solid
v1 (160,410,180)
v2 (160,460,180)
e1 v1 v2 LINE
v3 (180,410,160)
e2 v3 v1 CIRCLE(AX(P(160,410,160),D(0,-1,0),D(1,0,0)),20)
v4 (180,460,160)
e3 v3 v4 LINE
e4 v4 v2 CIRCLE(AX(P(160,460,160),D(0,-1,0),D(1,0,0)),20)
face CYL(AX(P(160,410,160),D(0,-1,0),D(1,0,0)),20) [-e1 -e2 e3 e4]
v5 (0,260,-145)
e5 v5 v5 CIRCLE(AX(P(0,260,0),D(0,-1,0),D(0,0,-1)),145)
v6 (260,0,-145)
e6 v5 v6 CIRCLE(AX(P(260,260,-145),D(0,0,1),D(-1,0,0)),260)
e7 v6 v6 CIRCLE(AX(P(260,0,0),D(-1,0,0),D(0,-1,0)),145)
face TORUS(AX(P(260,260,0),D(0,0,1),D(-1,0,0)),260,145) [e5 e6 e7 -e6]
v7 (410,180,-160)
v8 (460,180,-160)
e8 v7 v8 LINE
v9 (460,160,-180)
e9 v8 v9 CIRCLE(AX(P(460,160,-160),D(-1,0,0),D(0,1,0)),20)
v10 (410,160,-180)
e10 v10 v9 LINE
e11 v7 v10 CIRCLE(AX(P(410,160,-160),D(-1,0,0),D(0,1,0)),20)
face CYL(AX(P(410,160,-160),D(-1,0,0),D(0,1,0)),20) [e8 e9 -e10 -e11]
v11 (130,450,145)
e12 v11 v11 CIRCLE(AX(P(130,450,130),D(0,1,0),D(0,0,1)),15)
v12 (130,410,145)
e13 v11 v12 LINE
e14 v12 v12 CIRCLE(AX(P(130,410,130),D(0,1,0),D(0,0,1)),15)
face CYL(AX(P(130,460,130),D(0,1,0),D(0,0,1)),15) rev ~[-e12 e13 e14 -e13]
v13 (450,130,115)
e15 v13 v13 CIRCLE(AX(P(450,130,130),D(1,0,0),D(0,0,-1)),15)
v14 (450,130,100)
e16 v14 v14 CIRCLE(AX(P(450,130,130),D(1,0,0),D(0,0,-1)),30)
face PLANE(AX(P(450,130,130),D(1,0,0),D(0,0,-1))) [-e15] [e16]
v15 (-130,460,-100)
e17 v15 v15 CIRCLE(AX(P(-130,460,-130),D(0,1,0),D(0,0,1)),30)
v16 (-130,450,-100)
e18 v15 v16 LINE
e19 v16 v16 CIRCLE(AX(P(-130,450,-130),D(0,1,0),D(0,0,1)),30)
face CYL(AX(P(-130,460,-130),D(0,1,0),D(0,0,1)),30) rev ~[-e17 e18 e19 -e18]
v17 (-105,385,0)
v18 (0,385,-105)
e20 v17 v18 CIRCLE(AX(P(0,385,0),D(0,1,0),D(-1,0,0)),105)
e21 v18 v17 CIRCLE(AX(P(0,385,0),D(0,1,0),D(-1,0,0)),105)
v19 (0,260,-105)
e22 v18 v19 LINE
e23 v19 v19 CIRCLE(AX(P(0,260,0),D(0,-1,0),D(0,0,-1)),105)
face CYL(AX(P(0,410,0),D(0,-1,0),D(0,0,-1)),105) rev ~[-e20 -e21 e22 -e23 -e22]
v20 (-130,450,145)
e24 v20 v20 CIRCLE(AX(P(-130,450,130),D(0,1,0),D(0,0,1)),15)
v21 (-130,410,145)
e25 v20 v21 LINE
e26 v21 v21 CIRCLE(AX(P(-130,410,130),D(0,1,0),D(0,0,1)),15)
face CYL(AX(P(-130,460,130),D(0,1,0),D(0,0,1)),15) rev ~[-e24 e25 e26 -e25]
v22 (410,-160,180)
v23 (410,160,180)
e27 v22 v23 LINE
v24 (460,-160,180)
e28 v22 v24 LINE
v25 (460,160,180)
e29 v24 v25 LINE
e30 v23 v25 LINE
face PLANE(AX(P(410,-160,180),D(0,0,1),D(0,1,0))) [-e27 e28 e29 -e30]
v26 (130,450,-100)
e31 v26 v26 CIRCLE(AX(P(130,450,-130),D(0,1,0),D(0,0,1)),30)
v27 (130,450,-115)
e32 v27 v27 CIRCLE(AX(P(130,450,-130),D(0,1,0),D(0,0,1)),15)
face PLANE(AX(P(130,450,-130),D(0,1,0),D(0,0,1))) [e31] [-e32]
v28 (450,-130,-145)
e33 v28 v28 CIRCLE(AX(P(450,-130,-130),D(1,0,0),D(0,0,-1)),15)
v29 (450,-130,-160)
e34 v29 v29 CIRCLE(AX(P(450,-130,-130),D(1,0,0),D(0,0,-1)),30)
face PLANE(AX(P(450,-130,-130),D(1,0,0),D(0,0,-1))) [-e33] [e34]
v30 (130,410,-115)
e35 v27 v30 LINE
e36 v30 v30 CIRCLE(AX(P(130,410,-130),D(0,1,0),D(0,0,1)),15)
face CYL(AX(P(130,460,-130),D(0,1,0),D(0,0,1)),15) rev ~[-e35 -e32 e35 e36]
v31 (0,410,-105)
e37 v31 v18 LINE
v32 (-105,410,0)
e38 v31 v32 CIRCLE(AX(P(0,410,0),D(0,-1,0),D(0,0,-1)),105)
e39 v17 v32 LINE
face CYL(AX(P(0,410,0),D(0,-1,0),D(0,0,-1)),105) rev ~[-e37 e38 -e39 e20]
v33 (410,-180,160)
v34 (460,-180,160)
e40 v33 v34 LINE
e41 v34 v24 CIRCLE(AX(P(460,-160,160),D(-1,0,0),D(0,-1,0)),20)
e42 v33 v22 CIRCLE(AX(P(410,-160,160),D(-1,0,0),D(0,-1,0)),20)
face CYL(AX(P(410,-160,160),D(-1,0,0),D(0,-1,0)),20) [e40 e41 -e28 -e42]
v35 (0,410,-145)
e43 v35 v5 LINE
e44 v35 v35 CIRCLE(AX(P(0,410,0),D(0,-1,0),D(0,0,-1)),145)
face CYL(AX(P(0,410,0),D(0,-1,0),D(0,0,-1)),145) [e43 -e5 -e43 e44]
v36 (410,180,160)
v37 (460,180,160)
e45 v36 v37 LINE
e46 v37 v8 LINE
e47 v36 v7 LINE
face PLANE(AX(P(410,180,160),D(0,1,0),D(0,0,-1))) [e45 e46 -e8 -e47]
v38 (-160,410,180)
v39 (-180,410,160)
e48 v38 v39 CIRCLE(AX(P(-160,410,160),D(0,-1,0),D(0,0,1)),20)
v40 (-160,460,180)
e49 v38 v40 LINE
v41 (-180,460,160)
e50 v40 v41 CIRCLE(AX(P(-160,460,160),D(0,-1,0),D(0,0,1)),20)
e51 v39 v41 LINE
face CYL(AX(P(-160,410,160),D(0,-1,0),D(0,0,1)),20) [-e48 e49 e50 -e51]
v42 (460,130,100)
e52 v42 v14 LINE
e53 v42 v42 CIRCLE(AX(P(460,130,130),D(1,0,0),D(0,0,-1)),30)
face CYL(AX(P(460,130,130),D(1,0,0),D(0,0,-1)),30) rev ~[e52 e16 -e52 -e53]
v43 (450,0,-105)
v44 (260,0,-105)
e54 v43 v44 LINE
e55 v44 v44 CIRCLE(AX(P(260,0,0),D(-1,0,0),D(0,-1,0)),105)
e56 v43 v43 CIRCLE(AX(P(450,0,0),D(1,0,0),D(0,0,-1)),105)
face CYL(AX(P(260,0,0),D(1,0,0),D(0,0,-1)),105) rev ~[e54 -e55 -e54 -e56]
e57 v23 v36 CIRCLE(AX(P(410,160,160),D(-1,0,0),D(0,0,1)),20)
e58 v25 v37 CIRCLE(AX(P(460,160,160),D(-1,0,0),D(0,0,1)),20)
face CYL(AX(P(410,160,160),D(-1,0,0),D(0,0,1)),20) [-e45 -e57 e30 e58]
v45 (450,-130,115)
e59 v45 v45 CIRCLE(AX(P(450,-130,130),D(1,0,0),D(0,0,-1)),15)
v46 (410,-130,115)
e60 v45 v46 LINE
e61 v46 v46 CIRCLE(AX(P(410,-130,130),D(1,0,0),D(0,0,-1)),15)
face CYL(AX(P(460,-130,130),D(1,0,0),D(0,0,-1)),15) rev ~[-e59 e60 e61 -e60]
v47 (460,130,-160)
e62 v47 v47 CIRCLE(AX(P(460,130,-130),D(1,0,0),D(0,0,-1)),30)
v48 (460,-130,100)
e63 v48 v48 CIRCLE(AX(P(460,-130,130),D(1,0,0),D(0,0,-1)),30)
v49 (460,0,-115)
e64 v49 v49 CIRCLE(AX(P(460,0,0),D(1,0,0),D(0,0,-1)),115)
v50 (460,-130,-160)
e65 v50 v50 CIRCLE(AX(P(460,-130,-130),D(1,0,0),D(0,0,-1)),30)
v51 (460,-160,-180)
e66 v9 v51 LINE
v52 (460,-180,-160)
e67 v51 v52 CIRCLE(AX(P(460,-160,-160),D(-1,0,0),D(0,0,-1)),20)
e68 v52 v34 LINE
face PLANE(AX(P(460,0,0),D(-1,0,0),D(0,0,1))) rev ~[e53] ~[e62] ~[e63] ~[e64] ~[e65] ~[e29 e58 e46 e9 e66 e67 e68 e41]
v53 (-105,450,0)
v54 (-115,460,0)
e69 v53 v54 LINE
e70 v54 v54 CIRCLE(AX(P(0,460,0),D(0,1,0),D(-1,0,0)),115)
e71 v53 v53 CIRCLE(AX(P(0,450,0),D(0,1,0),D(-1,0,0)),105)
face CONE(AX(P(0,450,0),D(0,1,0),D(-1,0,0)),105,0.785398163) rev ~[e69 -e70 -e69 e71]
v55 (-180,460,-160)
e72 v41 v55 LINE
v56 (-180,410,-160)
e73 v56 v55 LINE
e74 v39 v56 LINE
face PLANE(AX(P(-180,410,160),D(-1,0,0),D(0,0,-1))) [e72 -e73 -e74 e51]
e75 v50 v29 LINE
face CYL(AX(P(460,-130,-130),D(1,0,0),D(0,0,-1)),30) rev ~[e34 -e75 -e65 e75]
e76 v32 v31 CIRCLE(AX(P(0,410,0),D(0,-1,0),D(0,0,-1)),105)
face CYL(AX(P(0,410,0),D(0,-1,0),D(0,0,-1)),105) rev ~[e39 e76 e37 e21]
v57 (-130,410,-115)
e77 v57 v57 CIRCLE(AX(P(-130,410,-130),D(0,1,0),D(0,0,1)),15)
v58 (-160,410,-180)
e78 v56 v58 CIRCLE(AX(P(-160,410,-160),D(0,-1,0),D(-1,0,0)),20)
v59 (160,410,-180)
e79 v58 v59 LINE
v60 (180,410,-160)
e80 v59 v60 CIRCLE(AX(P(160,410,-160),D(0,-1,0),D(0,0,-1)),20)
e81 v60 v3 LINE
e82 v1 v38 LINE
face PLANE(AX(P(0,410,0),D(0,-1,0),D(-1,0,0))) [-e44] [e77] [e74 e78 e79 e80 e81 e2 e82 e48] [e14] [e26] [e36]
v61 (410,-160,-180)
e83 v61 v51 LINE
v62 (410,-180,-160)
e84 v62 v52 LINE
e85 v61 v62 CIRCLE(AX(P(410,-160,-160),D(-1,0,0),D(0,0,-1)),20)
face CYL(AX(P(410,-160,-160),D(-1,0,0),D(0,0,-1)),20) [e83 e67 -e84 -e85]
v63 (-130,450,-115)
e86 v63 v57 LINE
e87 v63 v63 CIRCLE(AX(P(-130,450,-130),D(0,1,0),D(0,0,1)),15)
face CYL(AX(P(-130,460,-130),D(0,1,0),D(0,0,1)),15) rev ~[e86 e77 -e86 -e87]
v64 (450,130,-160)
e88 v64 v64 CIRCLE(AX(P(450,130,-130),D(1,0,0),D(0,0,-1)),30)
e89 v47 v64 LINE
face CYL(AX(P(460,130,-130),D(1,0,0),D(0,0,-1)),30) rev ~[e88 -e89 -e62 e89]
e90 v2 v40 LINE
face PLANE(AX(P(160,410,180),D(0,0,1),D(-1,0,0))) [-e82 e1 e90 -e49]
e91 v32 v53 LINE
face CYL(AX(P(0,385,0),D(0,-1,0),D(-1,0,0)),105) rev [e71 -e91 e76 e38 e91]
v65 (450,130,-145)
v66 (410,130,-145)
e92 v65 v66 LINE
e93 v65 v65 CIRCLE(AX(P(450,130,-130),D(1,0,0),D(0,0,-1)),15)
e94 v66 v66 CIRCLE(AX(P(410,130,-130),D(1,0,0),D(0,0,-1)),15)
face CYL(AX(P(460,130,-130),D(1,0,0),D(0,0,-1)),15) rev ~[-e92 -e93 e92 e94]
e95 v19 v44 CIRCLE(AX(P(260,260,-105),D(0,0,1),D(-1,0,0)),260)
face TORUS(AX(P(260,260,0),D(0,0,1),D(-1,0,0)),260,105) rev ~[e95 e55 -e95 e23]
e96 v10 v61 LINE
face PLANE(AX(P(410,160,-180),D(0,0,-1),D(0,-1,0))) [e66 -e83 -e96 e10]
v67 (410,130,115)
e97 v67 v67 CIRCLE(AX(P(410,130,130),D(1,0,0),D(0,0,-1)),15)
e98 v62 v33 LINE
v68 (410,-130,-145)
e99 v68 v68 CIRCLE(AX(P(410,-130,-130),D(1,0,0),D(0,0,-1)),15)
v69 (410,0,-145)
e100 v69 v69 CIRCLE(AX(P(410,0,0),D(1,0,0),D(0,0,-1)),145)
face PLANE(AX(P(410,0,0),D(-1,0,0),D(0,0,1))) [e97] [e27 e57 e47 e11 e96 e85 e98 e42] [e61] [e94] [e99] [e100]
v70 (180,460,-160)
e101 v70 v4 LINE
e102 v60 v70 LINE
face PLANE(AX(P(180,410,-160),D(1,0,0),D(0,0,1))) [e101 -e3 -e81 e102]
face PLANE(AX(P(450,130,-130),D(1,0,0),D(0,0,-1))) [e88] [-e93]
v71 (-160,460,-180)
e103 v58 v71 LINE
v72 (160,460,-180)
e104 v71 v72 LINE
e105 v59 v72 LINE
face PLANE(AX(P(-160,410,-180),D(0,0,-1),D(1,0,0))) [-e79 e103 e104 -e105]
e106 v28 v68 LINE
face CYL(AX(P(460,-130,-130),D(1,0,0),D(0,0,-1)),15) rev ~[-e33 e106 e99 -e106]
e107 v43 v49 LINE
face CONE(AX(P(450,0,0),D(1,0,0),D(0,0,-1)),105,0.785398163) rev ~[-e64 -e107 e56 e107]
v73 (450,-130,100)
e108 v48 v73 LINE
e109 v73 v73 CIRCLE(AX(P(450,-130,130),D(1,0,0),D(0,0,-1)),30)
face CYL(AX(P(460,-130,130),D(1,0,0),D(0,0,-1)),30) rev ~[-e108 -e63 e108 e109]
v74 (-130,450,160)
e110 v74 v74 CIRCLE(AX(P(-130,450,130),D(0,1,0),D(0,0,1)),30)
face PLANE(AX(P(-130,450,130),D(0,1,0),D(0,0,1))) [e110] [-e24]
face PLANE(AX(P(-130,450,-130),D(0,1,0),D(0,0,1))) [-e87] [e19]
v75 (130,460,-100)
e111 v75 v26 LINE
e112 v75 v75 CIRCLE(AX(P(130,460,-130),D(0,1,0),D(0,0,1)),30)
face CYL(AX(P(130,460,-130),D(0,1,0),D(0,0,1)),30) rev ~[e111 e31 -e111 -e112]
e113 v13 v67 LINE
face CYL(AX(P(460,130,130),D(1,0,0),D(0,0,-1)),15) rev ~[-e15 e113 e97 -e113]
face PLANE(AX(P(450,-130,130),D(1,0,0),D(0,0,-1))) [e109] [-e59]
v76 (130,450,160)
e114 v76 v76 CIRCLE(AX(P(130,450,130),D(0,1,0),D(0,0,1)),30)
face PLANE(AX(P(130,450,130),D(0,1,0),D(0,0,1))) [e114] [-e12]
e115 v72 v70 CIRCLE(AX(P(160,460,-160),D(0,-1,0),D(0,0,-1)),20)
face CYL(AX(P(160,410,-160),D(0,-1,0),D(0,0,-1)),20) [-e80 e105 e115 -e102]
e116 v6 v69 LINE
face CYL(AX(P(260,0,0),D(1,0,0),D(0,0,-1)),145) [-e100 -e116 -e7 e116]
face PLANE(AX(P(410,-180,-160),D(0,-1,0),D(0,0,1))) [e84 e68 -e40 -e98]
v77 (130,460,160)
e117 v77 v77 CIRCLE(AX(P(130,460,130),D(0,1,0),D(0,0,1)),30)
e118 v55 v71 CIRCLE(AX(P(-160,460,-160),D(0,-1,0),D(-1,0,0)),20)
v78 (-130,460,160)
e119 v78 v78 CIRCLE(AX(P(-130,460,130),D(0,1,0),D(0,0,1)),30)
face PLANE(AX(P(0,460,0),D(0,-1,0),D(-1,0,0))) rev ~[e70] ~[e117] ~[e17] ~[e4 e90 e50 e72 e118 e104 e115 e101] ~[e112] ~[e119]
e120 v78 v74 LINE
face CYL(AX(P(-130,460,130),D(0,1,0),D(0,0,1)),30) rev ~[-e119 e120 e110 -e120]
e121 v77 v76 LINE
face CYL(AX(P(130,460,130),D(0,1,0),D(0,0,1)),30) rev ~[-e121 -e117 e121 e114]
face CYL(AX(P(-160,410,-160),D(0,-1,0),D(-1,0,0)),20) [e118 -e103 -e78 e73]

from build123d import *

# Parameters (mm, degrees)
SWEEP_THIN1_PROFILE_R   = 145
SWEEP_THIN1_PROFILE_R_2 = 105
BOSS_EXTRUDE2_DEPTH     = 50
SKETCH26_R              = 30
SKETCH26_R_2            = 15
CUT_EXTRUDE2_DEPTH      = 10
SKETCH26_3_R            = 15
CUT_EXTRUDE3_DEPTH      = 50
BOSS_EXTRUDE3_DEPTH     = 50
SKETCH28_R              = 30
SKETCH28_R_2            = 15
CUT_EXTRUDE4_DEPTH      = 10
SKETCH28_3_R            = 15
CUT_EXTRUDE5_DEPTH      = 50
CHAMFER1_SIZE           = 10
SKETCH29_R              = 105
CUT_EXTRUDE7_DEPTH      = 75
CUT_EXTRUDE8_START      = -75
SKETCH30_R              = 105
CUT_EXTRUDE8_DEPTH      = 75
CHAMFER2_SIZE           = 10
CHAMFER3_SIZE           = 10


with BuildPart() as part:
    # Sweep-Thin1: sweep along a path in Sketch1
    with BuildLine(Plane.XY) as sweep_thin1_path:
        Line((0, 410), (0, 260))
        ThreePointArc((0, 260), (76.152236891, 76.152236891), (260, 0))
        Line((260, 0), (410, 0))
    # Sweep-Thin1 profile (on start of the path) → Sweep-Thin1 (sweep)
    with BuildSketch(Plane(origin=(0, 410, 0), x_dir=(0, 0, -1), z_dir=(0, -1, 0))):
        Circle(SWEEP_THIN1_PROFILE_R)
        Circle(SWEEP_THIN1_PROFILE_R_2, mode=Mode.SUBTRACT)
    sweep(path=sweep_thin1_path.line)

    # Sketch24 → Boss-Extrude2 (add)
    with BuildSketch(Plane(origin=(410, 0, 0), x_dir=(0, 0, -1), z_dir=(1, 0, 0))):
        with BuildLine():
            Line((-160, 180), (160, 180))
            ThreePointArc((160, 180), (174.142135624, 174.142135624), (180, 160))
            Line((180, 160), (180, -160))
            ThreePointArc((180, -160), (174.142135624, -174.142135624), (160, -180))
            Line((160, -180), (-160, -180))
            ThreePointArc((-160, -180), (-174.142135624, -174.142135624), (-180, -160))
            Line((-180, -160), (-180, 160))
            ThreePointArc((-180, 160), (-174.142135624, 174.142135624), (-160, 180))
        make_face()
    extrude(amount=BOSS_EXTRUDE2_DEPTH)

    # Sketch26 → Cut-Extrude2 (cut)
    # profile 1 of 4: a face of its own
    with BuildSketch(Plane(origin=(460, 0, 0), x_dir=(0, 0, -1), z_dir=(1, 0, 0))):
        with Locations((-130, 130)):
            Circle(SKETCH26_R)
        with Locations((-130, 130)):
            Circle(SKETCH26_R_2, mode=Mode.SUBTRACT)
    # profile 2 of 4: a face of its own
    with BuildSketch(Plane(origin=(460, 0, 0), x_dir=(0, 0, -1), z_dir=(1, 0, 0))):
        with Locations((-130, -130)):
            Circle(SKETCH26_R)
        with Locations((-130, -130)):
            Circle(SKETCH26_R_2, mode=Mode.SUBTRACT)
    # profile 3 of 4: a face of its own
    with BuildSketch(Plane(origin=(460, 0, 0), x_dir=(0, 0, -1), z_dir=(1, 0, 0))):
        with Locations((130, 130)):
            Circle(SKETCH26_R)
        with Locations((130, 130)):
            Circle(SKETCH26_R_2, mode=Mode.SUBTRACT)
    # profile 4 of 4: a face of its own
    with BuildSketch(Plane(origin=(460, 0, 0), x_dir=(0, 0, -1), z_dir=(1, 0, 0))):
        with Locations((130, -130)):
            Circle(SKETCH26_R)
        with Locations((130, -130)):
            Circle(SKETCH26_R_2, mode=Mode.SUBTRACT)
    extrude(amount=-CUT_EXTRUDE2_DEPTH, mode=Mode.SUBTRACT)

    # Sketch26<3> → Cut-Extrude3 (cut)
    with BuildSketch(Plane(origin=(460, 0, 0), x_dir=(0, 0, -1), z_dir=(1, 0, 0))):
        with Locations((-130, 130)):
            Circle(SKETCH26_3_R)
        with Locations((-130, -130)):
            Circle(SKETCH26_3_R)
        with Locations((130, -130)):
            Circle(SKETCH26_3_R)
        with Locations((130, 130)):
            Circle(SKETCH26_3_R)
    extrude(amount=-CUT_EXTRUDE3_DEPTH, mode=Mode.SUBTRACT)

    # Sketch27 → Boss-Extrude3 (add)
    with BuildSketch(Plane(origin=(0, 410, 0), x_dir=(1, 0, 0), z_dir=(0, 1, 0))):
        with BuildLine():
            Line((-160, 180), (160, 180))
            ThreePointArc((160, 180), (174.142135624, 174.142135624), (180, 160))
            Line((180, 160), (180, -160))
            ThreePointArc((180, -160), (174.142135624, -174.142135624), (160, -180))
            Line((160, -180), (-160, -180))
            ThreePointArc((-160, -180), (-174.142135624, -174.142135624), (-180, -160))
            Line((-180, -160), (-180, 160))
            ThreePointArc((-180, 160), (-174.142135624, 174.142135624), (-160, 180))
        make_face()
    extrude(amount=BOSS_EXTRUDE3_DEPTH)

    # Sketch28 → Cut-Extrude4 (cut)
    # profile 1 of 4: a face of its own
    with BuildSketch(Plane(origin=(0, 460, 0), x_dir=(1, 0, 0), z_dir=(0, 1, 0))):
        with Locations(Location((-130, 130, 0), (0, 0, 270))):
            Circle(SKETCH28_R)
        with Locations(Location((-130, 130, 0), (0, 0, 270))):
            Circle(SKETCH28_R_2, mode=Mode.SUBTRACT)
    # profile 2 of 4: a face of its own
    with BuildSketch(Plane(origin=(0, 460, 0), x_dir=(1, 0, 0), z_dir=(0, 1, 0))):
        with Locations(Location((-130, -130, 0), (0, 0, 270))):
            Circle(SKETCH28_R)
        with Locations(Location((-130, -130, 0), (0, 0, 270))):
            Circle(SKETCH28_R_2, mode=Mode.SUBTRACT)
    # profile 3 of 4: a face of its own
    with BuildSketch(Plane(origin=(0, 460, 0), x_dir=(1, 0, 0), z_dir=(0, 1, 0))):
        with Locations(Location((130, -130, 0), (0, 0, 270))):
            Circle(SKETCH28_R)
        with Locations(Location((130, -130, 0), (0, 0, 270))):
            Circle(SKETCH28_R_2, mode=Mode.SUBTRACT)
    # profile 4 of 4: a face of its own
    with BuildSketch(Plane(origin=(0, 460, 0), x_dir=(1, 0, 0), z_dir=(0, 1, 0))):
        with Locations(Location((130, 130, 0), (0, 0, 270))):
            Circle(SKETCH28_R)
        with Locations(Location((130, 130, 0), (0, 0, 270))):
            Circle(SKETCH28_R_2, mode=Mode.SUBTRACT)
    extrude(amount=-CUT_EXTRUDE4_DEPTH, mode=Mode.SUBTRACT)

    # Sketch28<3> → Cut-Extrude5 (cut)
    with BuildSketch(Plane(origin=(0, 460, 0), x_dir=(1, 0, 0), z_dir=(0, 1, 0))):
        with Locations(Location((-130, 130, 0), (0, 0, 270))):
            Circle(SKETCH28_3_R)
        with Locations(Location((-130, -130, 0), (0, 0, 270))):
            Circle(SKETCH28_3_R)
        with Locations(Location((130, 130, 0), (0, 0, 270))):
            Circle(SKETCH28_3_R)
        with Locations(Location((130, -130, 0), (0, 0, 270))):
            Circle(SKETCH28_3_R)
    extrude(amount=-CUT_EXTRUDE5_DEPTH, mode=Mode.SUBTRACT)

    # Chamfer1
    chamfer1_edges = [part.edges().sort_by_distance(p)[0] for p in [
        (410, 0, 105),
    ]]
    chamfer(chamfer1_edges, length=CHAMFER1_SIZE)

    # Sketch29 → Cut-Extrude7 (cut)
    with BuildSketch(Plane(origin=(460, 0, 0), x_dir=(0, 0, -1), z_dir=(1, 0, 0))):
        Circle(SKETCH29_R)
    extrude(amount=-CUT_EXTRUDE7_DEPTH, mode=Mode.SUBTRACT)

    # Sketch30 → Cut-Extrude8 (cut)
    with BuildSketch(Plane(origin=(0, 460, 0), x_dir=(1, 0, 0), z_dir=(0, 1, 0)).offset(CUT_EXTRUDE8_START)):
        with Locations(Location((0, 0, 0), (0, 0, 180))):
            Circle(SKETCH30_R)
    extrude(amount=CUT_EXTRUDE8_DEPTH, mode=Mode.SUBTRACT)

    # Chamfer2
    chamfer2_edges = [part.edges().sort_by_distance(p)[0] for p in [
        (105, 460, 0),
    ]]
    chamfer(chamfer2_edges, length=CHAMFER2_SIZE)

    # Chamfer3
    chamfer3_edges = [part.edges().sort_by_distance(p)[0] for p in [
        (460, 0, 105),
    ]]
    chamfer(chamfer3_edges, length=CHAMFER3_SIZE)


solid = part.part
